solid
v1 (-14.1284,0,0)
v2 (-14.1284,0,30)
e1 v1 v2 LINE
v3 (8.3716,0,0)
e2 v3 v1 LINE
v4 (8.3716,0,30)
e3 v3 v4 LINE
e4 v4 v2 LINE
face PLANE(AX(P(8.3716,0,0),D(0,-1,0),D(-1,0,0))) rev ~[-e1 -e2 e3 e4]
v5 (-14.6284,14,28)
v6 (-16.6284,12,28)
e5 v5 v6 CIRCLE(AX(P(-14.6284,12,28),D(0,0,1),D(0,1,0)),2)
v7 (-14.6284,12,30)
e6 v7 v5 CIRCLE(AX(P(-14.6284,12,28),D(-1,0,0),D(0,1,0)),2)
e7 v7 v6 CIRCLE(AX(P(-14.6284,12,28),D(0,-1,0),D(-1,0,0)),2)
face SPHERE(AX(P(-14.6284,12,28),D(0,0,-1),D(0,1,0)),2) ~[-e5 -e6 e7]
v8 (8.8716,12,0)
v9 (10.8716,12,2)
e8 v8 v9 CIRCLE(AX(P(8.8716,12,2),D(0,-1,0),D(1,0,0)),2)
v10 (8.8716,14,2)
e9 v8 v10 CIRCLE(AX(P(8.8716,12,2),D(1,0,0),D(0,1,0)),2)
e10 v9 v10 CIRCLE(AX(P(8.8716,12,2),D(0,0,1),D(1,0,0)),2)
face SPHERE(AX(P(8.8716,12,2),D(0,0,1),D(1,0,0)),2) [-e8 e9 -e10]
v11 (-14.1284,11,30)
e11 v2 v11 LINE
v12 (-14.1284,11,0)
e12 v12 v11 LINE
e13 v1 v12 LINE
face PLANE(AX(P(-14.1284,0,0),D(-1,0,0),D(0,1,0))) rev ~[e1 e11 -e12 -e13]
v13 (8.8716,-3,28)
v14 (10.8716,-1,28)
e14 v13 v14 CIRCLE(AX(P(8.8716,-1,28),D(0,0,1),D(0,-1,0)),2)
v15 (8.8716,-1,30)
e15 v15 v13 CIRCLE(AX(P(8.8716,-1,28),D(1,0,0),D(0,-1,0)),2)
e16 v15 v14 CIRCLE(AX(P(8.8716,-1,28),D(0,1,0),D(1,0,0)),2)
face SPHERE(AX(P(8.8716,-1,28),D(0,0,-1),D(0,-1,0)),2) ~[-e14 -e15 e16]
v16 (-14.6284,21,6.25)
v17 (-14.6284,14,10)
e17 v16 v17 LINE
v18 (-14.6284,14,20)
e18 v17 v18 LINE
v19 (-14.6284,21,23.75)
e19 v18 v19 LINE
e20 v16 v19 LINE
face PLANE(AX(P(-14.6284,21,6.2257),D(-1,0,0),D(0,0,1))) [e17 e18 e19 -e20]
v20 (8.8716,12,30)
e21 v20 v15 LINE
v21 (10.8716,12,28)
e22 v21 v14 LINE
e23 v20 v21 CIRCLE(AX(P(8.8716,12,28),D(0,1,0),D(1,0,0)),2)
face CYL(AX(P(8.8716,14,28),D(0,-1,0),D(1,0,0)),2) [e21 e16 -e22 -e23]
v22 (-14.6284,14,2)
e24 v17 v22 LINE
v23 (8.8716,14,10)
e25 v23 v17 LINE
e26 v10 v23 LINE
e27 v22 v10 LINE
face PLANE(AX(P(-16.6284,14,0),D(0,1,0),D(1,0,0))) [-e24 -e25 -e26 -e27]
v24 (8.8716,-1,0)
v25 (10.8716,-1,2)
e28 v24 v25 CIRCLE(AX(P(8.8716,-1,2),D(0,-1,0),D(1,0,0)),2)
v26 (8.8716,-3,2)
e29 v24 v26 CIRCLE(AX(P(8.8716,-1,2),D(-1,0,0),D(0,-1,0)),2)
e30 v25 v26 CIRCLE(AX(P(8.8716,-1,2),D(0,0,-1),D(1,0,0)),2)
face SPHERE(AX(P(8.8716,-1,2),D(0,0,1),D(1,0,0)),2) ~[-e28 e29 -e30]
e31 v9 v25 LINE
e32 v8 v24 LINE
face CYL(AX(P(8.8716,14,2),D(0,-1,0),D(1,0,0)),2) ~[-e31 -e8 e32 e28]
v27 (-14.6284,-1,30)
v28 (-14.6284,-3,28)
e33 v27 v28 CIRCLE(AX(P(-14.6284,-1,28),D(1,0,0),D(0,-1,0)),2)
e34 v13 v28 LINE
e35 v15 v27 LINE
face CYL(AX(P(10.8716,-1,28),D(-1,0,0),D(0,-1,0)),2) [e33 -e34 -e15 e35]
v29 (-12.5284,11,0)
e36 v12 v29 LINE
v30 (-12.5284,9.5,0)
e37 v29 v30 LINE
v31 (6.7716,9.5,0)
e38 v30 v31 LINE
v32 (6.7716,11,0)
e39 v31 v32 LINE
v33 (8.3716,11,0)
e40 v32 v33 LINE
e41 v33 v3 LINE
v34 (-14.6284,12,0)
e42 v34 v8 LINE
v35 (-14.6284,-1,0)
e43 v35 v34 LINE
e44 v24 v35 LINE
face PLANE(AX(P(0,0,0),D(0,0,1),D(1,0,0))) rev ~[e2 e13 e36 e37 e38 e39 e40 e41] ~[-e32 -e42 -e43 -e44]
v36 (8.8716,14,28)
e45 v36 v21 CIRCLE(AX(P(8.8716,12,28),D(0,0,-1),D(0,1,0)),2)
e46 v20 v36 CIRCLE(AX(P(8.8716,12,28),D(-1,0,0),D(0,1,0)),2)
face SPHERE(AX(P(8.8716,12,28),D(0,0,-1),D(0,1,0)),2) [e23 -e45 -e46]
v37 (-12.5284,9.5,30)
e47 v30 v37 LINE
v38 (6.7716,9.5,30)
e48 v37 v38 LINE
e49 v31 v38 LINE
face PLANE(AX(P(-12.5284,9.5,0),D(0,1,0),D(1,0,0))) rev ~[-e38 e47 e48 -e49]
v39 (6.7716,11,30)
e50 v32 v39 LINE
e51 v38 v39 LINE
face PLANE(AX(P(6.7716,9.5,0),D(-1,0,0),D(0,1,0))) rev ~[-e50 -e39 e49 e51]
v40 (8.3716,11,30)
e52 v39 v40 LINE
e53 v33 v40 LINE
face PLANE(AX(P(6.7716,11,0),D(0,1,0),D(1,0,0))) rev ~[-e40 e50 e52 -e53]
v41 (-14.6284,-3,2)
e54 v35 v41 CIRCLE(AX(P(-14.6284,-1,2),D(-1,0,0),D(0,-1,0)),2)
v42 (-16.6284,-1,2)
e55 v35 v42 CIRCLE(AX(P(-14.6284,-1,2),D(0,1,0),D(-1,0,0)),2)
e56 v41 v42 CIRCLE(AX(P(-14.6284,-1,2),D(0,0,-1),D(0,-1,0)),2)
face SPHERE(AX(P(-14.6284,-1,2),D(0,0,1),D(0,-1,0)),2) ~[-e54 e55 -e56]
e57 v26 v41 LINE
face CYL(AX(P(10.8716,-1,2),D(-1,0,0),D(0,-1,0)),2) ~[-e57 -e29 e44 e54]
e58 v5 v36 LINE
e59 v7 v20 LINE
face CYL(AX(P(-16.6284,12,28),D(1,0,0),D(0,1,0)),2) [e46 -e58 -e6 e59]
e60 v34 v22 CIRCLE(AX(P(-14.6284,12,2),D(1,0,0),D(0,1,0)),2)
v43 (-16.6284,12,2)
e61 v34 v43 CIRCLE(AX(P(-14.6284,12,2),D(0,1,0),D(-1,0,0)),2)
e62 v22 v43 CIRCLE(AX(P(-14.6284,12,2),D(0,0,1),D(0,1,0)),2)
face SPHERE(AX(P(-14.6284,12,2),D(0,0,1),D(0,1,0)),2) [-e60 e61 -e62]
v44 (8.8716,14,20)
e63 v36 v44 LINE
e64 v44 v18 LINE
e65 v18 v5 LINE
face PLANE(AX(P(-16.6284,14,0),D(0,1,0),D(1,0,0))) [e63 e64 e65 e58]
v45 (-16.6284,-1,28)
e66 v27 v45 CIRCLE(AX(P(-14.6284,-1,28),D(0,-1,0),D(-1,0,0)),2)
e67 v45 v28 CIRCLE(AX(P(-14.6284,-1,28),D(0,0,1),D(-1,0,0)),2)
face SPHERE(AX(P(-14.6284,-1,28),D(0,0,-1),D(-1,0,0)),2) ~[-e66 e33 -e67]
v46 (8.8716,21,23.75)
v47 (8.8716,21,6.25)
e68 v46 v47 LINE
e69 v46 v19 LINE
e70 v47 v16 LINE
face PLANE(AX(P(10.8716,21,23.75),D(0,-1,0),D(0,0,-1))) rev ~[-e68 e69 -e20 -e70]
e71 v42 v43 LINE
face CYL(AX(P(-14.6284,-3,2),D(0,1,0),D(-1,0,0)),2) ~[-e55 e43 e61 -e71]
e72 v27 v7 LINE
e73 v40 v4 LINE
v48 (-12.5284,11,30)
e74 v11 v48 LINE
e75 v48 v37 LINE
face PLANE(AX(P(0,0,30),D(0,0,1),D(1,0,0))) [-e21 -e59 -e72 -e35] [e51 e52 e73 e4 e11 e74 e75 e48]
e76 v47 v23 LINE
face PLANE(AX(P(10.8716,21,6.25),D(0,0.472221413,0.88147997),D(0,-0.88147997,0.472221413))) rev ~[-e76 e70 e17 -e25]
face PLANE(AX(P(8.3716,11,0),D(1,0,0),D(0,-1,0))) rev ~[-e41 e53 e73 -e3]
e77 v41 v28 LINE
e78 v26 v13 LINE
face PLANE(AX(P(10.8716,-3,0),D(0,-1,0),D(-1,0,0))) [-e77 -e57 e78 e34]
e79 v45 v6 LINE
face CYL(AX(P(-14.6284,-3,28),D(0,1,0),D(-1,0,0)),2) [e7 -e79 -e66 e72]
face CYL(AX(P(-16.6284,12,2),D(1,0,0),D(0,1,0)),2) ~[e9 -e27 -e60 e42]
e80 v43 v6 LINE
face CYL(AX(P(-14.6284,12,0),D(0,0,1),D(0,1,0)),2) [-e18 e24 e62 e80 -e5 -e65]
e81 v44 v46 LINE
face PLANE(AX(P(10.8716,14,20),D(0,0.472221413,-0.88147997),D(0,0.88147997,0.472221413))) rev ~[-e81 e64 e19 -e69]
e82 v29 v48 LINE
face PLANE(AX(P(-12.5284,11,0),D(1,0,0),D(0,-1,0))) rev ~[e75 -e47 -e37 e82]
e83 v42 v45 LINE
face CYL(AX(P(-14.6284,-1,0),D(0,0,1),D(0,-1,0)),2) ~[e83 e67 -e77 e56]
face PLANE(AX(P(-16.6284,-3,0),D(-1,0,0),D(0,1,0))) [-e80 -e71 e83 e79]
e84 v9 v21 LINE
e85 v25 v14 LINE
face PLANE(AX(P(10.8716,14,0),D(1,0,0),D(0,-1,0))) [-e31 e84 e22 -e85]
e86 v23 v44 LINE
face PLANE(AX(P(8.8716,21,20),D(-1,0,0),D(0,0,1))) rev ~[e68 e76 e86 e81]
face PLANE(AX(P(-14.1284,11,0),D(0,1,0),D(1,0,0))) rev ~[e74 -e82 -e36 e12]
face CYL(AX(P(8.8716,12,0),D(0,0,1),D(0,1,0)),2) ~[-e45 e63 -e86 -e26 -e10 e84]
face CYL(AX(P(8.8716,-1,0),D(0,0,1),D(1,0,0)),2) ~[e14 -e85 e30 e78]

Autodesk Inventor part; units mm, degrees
ref_plane "YZ Plane" through (0, 0, 0) normal (1, 0, 0) x (0, 1, 0)
ref_plane "XZ Plane" through (0, 0, 0) normal (0, 1, 0) x (-1, 0, 0)
ref_plane "XY Plane" through (0, 0, 0) normal (0, 0, 1) x (1, 0, 0)
sketch "Skizze1" plane through (0, 0, 0) normal (0, 0, 1) x (1, 0, 0)
  line L0 (-14.1284, 0) -> (-14.1284, 11)
  line L1 (-14.1284, 11) -> (-12.5284, 11)
  line L2 (-12.5284, 11) -> (-12.5284, 1.6)
  line L3 (-12.5284, 1.6) -> (6.7716, 1.6)
  line L4 (6.7716, 1.6) -> (6.7716, 11)
  line L5 (6.7716, 11) -> (8.3716, 11)
  line L6 (8.3716, 11) -> (8.3716, 0)
  line L7 (8.3716, 0) -> (-14.1284, 0)
  line L8 (-16.6284, 14) -> (10.8716, 14)
  line L9 (10.8716, 14) -> (10.8716, -3)
  line L10 (10.8716, -3) -> (-16.6284, -3)
  line L11 (-16.6284, -3) -> (-16.6284, 14)
  line L12 (-12.5284, 9.5) -> (6.7716, 9.5)
  point P0 (0, 0)
  dimension "d0" = 11
  dimension "d1" = 1.6
  dimension "d2" = 19.3
  dimension "d3" = 1.6
  dimension "d4" = 1.6
  dimension "d5" = 3
  dimension "d6" = 3
  dimension "d7" = 2.5
  dimension "d8" = 2.5
  dimension "d9" = 1.5
extrude "Extrusion1" add sketch "Skizze1" along normal blind 30
fillet "Rundung1" radius 2 12 edges at (10.8716, 14, 15) (10.8716, -3, 15) (-16.6284, -3, 15) (-16.6284, 14, 15) (-2.8784, 14, 30) (-16.6284, 5.5, 30) (-2.8784, -3, 30) (10.8716, 5.5, 30) (10.8716, 5.5, 0) (-2.8784, -3, 0) (-2.8784, 14, 0) (-16.6284, 5.5, 0)
sketch "Skizze2" plane through (10.8716, -1, 28) normal (1, 0, 0) x (0, 0, -1)
  line L0 (0, 15) -> (26, 15) projected
  line L1 (8, 15) -> (4.25, 22)
  line L2 (4.25, 22) -> (21.75, 22)
  line L3 (21.75, 22) -> (18, 15)
  line L4 (28, 0) -> (28, 13) projected
  point P0 (28, 1)
  dimension "d13" = 10
  dimension "d15" = 7
  dimension "d16" = 3.75
  dimension "d17" = 3.75
  dimension "d18" = 17.5
  dimension "d19" = 10
extrude "Extrusion2" add sketch "Skizze2" against normal blind 27.5
sketch "Skizze4" plane through (10.8716, 21, 23.75) normal (0, 1, 0) x (1, 0, 0)
  line L0 (-25.5, 21.75) -> (-25.5, -4.25) projected
  line L1 (-27.5, 3.75) -> (-27.5, 0) projected
  line L2 (-25.5, 17.5243) -> (-27.5, 17.5243)
  line L3 (-27.5, 17.5243) -> (-27.5, 0)
  line L4 (-27.5, 0) -> (-25.5, 0)
  line L5 (-25.5, 0) -> (-25.5, 17.5243)
  line L6 (0, 17.5) -> (-27.5, 17.5) projected
  line L7 (-2, 3.75) -> (-2, -4.25) projected
  line L8 (0, 17.5) -> (-2, 17.5)
  line L9 (-2, 17.5) -> (-2, 0)
  line L10 (-2, 0) -> (0, 0)
  line L11 (0, 0) -> (0, 17.5)
  point P0 (-10.8716, 23.75)
extrude "Extrusion4" cut sketch "Skizze4" against normal blind 7
properties part number "Schienenläufermitkeil_22.5"
